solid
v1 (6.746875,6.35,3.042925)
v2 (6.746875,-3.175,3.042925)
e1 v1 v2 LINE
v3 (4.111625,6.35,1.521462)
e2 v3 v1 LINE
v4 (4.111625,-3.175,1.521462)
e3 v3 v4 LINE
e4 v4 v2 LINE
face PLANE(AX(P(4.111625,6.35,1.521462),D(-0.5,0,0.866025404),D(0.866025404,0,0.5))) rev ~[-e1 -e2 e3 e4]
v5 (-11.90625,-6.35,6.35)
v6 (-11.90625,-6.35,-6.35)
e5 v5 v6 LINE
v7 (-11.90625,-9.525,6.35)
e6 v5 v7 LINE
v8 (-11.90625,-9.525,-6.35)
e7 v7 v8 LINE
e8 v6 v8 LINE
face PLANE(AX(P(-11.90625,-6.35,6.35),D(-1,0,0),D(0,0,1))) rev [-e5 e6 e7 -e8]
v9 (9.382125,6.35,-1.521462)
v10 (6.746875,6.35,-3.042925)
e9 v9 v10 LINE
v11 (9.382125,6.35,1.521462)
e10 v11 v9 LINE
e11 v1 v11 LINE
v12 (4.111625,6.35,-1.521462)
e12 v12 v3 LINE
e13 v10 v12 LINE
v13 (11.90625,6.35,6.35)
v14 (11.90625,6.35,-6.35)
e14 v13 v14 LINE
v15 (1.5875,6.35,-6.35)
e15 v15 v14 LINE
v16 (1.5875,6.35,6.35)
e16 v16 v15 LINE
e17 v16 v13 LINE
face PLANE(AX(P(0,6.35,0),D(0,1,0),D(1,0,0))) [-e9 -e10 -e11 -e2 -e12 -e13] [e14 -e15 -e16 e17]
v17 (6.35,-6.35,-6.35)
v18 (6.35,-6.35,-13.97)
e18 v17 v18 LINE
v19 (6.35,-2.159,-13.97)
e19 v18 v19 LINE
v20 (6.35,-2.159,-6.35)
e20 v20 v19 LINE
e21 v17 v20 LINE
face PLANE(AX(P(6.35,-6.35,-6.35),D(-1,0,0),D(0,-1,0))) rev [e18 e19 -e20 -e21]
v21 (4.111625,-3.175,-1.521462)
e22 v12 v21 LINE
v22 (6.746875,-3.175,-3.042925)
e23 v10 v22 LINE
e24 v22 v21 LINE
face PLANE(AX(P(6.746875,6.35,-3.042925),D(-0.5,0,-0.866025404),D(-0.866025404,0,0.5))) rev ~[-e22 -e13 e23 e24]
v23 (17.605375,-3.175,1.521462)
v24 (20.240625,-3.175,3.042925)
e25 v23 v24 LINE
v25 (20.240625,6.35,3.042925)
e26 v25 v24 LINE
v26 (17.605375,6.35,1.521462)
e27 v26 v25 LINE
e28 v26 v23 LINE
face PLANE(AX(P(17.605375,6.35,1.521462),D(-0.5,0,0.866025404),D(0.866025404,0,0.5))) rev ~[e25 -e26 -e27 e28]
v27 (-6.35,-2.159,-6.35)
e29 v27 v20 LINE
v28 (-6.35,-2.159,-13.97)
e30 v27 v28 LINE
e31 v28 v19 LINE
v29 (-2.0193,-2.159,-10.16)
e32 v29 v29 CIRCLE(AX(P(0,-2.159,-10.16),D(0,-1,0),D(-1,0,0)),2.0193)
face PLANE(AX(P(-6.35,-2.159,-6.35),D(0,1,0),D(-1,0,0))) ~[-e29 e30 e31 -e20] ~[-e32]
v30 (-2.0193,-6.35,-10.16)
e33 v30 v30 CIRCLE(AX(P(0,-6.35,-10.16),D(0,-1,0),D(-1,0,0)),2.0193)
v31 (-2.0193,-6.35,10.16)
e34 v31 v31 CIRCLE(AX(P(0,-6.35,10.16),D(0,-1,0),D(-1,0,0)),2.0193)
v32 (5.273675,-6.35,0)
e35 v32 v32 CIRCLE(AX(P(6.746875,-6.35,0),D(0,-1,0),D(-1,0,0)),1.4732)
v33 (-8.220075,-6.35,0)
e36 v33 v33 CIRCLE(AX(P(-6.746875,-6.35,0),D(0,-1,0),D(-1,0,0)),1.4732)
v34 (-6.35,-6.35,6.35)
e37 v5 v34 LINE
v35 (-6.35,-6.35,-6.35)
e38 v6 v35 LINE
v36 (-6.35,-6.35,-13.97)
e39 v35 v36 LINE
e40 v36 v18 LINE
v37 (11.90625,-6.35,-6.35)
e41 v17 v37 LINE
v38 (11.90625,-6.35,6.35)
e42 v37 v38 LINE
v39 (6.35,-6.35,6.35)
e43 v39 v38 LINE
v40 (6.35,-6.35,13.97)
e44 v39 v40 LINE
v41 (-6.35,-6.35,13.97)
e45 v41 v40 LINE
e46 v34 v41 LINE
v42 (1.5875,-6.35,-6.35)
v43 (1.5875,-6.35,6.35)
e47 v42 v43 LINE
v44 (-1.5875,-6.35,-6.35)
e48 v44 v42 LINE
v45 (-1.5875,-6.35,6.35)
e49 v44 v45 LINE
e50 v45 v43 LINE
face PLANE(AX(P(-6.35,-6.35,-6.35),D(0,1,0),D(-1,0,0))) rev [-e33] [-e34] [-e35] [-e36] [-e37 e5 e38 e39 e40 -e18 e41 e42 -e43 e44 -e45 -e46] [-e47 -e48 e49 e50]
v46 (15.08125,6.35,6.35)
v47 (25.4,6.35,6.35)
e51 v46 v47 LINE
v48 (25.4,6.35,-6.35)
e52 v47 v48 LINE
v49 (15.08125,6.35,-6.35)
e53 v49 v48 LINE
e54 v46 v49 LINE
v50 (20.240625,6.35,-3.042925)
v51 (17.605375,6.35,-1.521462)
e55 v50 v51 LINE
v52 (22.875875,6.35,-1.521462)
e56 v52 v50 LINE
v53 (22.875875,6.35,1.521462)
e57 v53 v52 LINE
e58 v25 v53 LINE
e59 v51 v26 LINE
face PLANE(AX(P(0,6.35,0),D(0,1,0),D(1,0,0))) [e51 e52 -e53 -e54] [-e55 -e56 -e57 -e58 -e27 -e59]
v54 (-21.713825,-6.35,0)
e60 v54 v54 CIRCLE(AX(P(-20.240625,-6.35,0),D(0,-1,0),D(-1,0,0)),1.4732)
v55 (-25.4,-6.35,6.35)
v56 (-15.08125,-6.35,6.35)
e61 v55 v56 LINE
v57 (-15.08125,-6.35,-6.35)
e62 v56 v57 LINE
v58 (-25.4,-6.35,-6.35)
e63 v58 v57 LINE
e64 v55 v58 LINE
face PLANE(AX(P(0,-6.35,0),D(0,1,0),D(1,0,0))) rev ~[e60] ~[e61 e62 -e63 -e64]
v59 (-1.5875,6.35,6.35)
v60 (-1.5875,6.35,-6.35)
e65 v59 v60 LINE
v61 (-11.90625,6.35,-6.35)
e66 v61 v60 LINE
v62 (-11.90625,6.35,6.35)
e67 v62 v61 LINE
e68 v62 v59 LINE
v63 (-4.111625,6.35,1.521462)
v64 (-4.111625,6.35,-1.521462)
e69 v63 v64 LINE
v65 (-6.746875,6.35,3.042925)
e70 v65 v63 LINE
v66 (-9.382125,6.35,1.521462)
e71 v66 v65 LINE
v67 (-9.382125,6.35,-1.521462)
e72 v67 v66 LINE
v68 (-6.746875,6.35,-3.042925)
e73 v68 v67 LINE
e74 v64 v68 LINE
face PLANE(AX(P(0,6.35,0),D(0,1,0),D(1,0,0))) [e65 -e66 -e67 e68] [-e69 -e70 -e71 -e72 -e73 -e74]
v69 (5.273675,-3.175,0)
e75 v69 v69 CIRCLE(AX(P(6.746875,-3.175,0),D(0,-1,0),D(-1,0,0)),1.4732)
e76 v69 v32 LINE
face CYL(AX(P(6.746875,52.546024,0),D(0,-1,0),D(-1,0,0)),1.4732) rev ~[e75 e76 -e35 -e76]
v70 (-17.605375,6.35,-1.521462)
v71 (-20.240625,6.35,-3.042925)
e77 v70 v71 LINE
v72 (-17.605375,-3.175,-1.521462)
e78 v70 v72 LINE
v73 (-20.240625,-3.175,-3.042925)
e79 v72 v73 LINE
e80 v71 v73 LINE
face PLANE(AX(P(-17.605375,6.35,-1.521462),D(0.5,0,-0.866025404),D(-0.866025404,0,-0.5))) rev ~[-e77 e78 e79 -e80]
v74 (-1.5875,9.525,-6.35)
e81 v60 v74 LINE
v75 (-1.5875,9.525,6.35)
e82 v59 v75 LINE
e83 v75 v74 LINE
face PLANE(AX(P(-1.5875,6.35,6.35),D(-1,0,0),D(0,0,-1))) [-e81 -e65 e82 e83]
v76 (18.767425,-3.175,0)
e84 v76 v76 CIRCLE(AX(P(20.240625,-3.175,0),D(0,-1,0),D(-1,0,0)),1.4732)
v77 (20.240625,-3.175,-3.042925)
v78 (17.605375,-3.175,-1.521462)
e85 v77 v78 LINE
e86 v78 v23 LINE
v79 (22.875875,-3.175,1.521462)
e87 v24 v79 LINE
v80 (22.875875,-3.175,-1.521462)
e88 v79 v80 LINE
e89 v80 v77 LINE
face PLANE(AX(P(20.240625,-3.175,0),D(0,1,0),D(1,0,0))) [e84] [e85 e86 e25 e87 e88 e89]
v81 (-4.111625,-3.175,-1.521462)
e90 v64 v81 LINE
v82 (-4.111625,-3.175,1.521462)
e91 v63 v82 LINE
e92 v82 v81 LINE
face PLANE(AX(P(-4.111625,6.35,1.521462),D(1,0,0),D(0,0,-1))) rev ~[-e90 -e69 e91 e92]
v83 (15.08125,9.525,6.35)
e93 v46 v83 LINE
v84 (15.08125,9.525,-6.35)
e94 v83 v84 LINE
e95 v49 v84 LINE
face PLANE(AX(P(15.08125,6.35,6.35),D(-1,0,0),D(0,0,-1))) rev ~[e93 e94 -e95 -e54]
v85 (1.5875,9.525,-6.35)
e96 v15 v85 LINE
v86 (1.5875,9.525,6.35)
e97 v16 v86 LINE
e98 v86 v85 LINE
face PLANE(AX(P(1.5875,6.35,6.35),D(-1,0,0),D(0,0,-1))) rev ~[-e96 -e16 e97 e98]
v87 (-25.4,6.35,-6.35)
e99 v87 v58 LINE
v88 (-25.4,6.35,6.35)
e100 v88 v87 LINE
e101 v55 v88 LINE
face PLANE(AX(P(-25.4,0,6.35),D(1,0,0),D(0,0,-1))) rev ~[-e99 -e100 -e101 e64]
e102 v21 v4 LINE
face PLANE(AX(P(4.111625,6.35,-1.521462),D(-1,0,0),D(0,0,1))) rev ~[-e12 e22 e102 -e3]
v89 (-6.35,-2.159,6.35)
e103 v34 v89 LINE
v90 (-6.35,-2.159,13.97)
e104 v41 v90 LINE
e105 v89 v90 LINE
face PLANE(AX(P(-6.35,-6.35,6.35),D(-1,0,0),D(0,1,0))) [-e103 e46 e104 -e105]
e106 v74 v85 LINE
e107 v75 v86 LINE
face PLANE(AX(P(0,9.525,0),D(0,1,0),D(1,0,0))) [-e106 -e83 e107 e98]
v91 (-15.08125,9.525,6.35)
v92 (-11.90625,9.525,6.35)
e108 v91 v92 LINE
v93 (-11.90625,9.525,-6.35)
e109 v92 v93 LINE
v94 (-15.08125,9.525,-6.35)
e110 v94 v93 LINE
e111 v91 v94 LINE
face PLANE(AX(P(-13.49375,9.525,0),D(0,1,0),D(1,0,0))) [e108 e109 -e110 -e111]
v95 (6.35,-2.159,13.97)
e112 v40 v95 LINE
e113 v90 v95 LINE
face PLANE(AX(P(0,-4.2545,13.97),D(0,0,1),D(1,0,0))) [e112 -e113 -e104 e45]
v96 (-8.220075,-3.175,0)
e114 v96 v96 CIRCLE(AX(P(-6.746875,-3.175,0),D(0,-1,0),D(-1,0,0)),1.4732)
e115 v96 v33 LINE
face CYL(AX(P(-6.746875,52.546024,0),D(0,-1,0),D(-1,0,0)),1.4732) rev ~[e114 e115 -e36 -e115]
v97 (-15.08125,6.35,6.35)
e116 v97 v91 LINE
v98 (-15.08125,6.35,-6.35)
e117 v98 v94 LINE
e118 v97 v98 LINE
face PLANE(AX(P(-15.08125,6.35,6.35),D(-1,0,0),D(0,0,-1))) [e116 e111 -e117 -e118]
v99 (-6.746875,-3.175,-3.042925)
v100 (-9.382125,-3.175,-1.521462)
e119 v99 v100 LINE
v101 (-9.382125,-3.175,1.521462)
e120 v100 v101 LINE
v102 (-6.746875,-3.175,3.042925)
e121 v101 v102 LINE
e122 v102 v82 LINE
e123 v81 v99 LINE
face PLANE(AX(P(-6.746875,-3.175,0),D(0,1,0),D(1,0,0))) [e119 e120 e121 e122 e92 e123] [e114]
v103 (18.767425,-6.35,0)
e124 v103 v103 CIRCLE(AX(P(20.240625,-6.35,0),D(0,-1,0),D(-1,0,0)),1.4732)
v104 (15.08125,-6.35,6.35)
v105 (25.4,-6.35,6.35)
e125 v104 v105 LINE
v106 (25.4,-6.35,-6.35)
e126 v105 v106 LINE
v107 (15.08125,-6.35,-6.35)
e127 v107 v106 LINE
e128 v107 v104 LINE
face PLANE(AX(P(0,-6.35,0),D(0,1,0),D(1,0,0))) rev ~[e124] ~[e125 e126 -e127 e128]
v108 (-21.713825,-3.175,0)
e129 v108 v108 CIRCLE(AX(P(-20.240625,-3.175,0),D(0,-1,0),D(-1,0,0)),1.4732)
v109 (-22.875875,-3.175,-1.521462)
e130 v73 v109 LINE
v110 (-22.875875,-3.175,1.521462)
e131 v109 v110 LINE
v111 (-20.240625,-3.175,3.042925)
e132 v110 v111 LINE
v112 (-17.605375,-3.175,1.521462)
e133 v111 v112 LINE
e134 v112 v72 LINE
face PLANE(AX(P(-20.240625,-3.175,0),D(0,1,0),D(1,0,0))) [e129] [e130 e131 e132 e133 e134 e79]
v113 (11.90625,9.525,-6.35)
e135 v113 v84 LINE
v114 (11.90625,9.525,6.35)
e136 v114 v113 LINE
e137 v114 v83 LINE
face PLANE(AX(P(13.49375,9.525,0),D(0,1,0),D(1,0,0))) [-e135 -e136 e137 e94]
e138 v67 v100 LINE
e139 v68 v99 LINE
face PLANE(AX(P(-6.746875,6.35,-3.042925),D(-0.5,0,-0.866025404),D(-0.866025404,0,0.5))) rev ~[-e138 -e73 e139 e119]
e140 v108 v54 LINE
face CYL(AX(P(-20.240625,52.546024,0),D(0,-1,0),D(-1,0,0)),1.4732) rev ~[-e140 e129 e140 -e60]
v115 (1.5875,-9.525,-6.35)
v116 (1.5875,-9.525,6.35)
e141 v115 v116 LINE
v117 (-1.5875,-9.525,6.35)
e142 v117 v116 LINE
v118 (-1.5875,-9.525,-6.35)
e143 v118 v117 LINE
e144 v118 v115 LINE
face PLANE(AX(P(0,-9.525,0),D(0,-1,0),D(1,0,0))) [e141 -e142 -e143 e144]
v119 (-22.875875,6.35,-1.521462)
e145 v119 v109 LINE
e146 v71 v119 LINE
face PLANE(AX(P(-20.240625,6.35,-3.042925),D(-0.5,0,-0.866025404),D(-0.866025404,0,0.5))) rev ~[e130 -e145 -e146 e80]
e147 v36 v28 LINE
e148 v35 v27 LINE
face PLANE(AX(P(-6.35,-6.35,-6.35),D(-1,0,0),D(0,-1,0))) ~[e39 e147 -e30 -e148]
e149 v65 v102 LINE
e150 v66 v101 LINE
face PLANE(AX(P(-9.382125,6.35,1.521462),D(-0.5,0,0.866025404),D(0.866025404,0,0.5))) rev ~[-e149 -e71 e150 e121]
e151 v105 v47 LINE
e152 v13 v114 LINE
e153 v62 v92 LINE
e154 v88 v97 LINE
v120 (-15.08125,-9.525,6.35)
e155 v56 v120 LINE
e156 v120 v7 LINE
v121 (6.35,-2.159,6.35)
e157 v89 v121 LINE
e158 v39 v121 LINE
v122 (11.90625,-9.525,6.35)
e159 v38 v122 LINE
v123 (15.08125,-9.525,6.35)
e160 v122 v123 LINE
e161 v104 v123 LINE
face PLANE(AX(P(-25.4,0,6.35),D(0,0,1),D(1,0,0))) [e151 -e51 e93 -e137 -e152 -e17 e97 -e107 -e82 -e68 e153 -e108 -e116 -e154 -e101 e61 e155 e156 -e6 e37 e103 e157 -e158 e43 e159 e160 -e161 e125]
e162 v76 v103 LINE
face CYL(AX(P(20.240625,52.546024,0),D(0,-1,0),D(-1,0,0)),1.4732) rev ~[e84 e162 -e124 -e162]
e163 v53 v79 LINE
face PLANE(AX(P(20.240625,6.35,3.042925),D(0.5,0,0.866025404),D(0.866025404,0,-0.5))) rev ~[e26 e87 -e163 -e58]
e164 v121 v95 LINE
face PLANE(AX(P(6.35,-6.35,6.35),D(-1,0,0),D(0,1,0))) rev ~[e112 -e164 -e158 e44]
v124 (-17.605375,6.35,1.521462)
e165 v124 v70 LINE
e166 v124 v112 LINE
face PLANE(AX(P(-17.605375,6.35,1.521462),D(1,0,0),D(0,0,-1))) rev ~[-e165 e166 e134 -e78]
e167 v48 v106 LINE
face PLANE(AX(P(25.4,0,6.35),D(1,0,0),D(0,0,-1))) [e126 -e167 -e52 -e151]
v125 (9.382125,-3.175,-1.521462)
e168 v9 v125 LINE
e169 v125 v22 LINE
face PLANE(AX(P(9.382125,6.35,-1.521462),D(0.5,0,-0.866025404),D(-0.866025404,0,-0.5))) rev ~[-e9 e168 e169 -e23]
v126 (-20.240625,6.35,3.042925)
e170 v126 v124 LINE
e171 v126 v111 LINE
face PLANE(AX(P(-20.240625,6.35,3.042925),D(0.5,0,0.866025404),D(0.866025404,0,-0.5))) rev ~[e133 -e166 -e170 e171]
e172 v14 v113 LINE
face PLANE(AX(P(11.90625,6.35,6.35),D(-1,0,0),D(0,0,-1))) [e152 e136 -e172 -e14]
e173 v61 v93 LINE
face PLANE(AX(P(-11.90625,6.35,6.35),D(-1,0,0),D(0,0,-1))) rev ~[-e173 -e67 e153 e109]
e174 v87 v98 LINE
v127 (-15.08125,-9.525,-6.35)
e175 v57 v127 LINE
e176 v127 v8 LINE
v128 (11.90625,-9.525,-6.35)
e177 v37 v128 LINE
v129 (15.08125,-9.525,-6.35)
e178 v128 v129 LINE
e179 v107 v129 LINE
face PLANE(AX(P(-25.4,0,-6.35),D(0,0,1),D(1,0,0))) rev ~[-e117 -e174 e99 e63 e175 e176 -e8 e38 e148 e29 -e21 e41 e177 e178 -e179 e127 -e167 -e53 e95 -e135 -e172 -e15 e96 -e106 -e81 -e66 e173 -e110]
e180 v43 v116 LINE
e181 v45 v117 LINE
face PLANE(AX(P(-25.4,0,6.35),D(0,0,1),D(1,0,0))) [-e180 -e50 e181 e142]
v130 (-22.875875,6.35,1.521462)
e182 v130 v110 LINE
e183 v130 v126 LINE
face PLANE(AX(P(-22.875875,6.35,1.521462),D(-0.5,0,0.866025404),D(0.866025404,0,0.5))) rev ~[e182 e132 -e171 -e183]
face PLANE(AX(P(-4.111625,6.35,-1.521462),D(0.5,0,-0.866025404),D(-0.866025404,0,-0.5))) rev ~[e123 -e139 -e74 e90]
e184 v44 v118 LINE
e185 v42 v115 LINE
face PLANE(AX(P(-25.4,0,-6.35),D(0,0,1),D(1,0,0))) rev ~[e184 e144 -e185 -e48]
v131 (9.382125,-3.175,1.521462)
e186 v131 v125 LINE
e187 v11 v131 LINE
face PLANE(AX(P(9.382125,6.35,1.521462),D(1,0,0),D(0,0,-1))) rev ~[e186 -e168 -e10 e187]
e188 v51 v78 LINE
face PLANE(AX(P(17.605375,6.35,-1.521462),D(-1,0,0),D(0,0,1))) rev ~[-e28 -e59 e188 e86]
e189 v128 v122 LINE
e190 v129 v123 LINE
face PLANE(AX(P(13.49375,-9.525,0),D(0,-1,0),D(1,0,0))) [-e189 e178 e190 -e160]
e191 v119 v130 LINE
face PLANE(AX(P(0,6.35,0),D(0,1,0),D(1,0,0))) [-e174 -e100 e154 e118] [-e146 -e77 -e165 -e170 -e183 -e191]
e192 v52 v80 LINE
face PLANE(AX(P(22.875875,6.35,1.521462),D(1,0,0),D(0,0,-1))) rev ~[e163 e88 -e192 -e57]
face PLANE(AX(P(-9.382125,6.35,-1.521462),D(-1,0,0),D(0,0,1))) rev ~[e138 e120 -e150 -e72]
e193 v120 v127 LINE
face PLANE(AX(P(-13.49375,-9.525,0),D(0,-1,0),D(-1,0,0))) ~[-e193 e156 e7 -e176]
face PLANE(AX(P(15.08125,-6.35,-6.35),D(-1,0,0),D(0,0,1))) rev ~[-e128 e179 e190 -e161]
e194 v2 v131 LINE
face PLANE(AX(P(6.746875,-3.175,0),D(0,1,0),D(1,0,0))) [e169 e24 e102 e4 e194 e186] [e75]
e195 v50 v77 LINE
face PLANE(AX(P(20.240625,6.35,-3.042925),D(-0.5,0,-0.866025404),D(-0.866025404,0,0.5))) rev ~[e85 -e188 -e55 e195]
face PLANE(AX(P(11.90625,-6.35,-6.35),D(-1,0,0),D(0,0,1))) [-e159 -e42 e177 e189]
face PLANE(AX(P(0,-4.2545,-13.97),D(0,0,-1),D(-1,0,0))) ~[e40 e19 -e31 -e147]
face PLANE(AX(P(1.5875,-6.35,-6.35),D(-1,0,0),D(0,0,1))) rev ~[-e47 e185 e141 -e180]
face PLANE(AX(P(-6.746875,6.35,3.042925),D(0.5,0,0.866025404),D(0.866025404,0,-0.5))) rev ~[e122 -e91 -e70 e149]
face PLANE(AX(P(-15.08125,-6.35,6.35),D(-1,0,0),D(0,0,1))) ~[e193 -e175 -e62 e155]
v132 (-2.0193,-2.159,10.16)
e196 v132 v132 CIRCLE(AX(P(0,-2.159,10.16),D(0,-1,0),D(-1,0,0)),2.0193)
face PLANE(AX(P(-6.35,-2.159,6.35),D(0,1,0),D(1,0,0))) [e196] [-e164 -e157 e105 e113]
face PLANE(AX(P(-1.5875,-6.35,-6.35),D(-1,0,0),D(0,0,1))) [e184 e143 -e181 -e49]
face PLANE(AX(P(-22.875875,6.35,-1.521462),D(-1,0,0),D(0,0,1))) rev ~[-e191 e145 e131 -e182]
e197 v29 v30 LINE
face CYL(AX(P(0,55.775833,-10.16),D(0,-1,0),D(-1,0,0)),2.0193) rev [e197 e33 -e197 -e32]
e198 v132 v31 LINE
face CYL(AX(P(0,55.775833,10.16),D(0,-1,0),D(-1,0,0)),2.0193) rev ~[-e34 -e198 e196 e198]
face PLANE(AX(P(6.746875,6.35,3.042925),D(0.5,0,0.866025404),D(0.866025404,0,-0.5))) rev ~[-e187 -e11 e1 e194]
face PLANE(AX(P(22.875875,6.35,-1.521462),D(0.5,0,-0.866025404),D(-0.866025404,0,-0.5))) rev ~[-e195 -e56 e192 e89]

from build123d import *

# Parameters (mm, degrees)
SKETCH1_W               = 50.8
SKETCH1_H               = 12.7
BOSS_EXTRUDE1_DEPTH     = 6.35
SKETCH9_W               = 3.175
SKETCH9_H               = 12.7
BOSS_EXTRUDE3_DEPTH     = 3.175
LPATTERN1_COUNT         = 3
LPATTERN1_PITCH         = 13.49375
MIRROR2_COPY_1_SKETCH_W = 3.175
MIRROR2_COPY_1_SKETCH_H = 12.7
MIRROR2_COPY_1_DEPTH    = 3.175
MIRROR2_COPY_2_SKETCH_W = 3.175
MIRROR2_COPY_2_SKETCH_H = 12.7
MIRROR2_COPY_2_DEPTH    = 3.175
CUT_EXTRUDE1_DEPTH      = 9.525
LPATTERN2_COUNT         = 4
LPATTERN2_PITCH         = 13.49375
F_4_CLEARANCE_HOLE2_D   = 2.9464
LPATTERN3_COUNT         = 4
LPATTERN3_PITCH         = 13.49375
SKETCH13_W              = 12.7
SKETCH13_H              = 4.191
BOSS_EXTRUDE4_DEPTH     = 7.62
HOLE1_D                 = 4.0386


with BuildPart() as part:
    # Sketch1 → Boss-Extrude1 (new, symmetric)
    with BuildSketch(Plane(origin=(0, 0, 0), x_dir=(1, 0, 0), z_dir=(0, 1, 0))):
        Rectangle(SKETCH1_W, SKETCH1_H)
    extrude(amount=BOSS_EXTRUDE1_DEPTH, both=True)

    # Sketch9 → Boss-Extrude3 (add)
    with BuildSketch(Plane(origin=(0, 6.35, 0), x_dir=(1, 0, 0), z_dir=(0, 1, 0))):
        with Locations((-13.49375, 0)):
            Rectangle(SKETCH9_W, SKETCH9_H)
    boss_extrude3 = extrude(amount=BOSS_EXTRUDE3_DEPTH)

    # LPattern1: Boss-Extrude3 ×3
    with Locations(*[(i * LPATTERN1_PITCH, 0, 0) for i in range(1, LPATTERN1_COUNT)]):
        add(boss_extrude3)

    # Mirror2: Boss-Extrude3 across plane
    add(boss_extrude3.mirror(Plane.ZX))

    # Mirror2 copy 1 sketch → Mirror2 copy 1 (add)
    with BuildSketch(Plane(origin=(13.49375, -6.35, 0), x_dir=(1, 0, 0), z_dir=(0, -1, 0))):
        with Locations((-13.49375, 0)):
            Rectangle(MIRROR2_COPY_1_SKETCH_W, MIRROR2_COPY_1_SKETCH_H)
    extrude(amount=MIRROR2_COPY_1_DEPTH)

    # Mirror2 copy 2 sketch → Mirror2 copy 2 (add)
    with BuildSketch(Plane(origin=(26.9875, -6.35, 0), x_dir=(1, 0, 0), z_dir=(0, -1, 0))):
        with Locations((-13.49375, 0)):
            Rectangle(MIRROR2_COPY_2_SKETCH_W, MIRROR2_COPY_2_SKETCH_H)
    extrude(amount=MIRROR2_COPY_2_DEPTH)

    # Sketch10 → Cut-Extrude1 (cut)
    with BuildSketch(Plane(origin=(0, 6.35, 0), x_dir=(1, 0, 0), z_dir=(0, 1, 0))):
        Polygon((-17.605375, 1.521462297), (-20.240625, 3.042924594), (-22.875875, 1.521462297), (-22.875875, -1.521462297), (-20.240625, -3.042924594), (-17.605375, -1.521462297), align=None)
    cut_extrude1 = extrude(amount=-CUT_EXTRUDE1_DEPTH, mode=Mode.SUBTRACT)

    # LPattern2: Cut-Extrude1 ×4
    with Locations(*[(i * LPATTERN2_PITCH, 0, 0) for i in range(1, LPATTERN2_COUNT)]):
        add(cut_extrude1, mode=Mode.SUBTRACT)

    # #4 Clearance Hole2 (through all)
    with Locations(Plane(origin=(0, -3.175, 0), x_dir=(1, 0, 0), z_dir=(0, 1, 0))):
        with Locations((-20.240625, 0)):
            f_4_clearance_hole2 = Hole(F_4_CLEARANCE_HOLE2_D / 2)

    # LPattern3: #4 Clearance Hole2 ×4
    with Locations(*[(i * LPATTERN3_PITCH, 0, 0) for i in range(1, LPATTERN3_COUNT)]):
        add(f_4_clearance_hole2, mode=Mode.SUBTRACT)

    # Sketch13 → Boss-Extrude4 (add)
    with BuildSketch(Plane.XY.offset(6.35)):
        with Locations((0, -4.2545)):
            Rectangle(SKETCH13_W, SKETCH13_H)
    boss_extrude4 = extrude(amount=BOSS_EXTRUDE4_DEPTH)

    # Hole1 (through all)
    with Locations(Plane(origin=(0, -2.159, 0), x_dir=(1, 0, 0), z_dir=(0, 1, 0))):
        with Locations((0, -10.16)):
            hole1 = Hole(HOLE1_D / 2)

    # Mirror4: Boss-Extrude4, Hole1 across plane
    add(boss_extrude4.mirror(Plane.XY))
    add(hole1.mirror(Plane.XY), mode=Mode.SUBTRACT)


solid = part.part
